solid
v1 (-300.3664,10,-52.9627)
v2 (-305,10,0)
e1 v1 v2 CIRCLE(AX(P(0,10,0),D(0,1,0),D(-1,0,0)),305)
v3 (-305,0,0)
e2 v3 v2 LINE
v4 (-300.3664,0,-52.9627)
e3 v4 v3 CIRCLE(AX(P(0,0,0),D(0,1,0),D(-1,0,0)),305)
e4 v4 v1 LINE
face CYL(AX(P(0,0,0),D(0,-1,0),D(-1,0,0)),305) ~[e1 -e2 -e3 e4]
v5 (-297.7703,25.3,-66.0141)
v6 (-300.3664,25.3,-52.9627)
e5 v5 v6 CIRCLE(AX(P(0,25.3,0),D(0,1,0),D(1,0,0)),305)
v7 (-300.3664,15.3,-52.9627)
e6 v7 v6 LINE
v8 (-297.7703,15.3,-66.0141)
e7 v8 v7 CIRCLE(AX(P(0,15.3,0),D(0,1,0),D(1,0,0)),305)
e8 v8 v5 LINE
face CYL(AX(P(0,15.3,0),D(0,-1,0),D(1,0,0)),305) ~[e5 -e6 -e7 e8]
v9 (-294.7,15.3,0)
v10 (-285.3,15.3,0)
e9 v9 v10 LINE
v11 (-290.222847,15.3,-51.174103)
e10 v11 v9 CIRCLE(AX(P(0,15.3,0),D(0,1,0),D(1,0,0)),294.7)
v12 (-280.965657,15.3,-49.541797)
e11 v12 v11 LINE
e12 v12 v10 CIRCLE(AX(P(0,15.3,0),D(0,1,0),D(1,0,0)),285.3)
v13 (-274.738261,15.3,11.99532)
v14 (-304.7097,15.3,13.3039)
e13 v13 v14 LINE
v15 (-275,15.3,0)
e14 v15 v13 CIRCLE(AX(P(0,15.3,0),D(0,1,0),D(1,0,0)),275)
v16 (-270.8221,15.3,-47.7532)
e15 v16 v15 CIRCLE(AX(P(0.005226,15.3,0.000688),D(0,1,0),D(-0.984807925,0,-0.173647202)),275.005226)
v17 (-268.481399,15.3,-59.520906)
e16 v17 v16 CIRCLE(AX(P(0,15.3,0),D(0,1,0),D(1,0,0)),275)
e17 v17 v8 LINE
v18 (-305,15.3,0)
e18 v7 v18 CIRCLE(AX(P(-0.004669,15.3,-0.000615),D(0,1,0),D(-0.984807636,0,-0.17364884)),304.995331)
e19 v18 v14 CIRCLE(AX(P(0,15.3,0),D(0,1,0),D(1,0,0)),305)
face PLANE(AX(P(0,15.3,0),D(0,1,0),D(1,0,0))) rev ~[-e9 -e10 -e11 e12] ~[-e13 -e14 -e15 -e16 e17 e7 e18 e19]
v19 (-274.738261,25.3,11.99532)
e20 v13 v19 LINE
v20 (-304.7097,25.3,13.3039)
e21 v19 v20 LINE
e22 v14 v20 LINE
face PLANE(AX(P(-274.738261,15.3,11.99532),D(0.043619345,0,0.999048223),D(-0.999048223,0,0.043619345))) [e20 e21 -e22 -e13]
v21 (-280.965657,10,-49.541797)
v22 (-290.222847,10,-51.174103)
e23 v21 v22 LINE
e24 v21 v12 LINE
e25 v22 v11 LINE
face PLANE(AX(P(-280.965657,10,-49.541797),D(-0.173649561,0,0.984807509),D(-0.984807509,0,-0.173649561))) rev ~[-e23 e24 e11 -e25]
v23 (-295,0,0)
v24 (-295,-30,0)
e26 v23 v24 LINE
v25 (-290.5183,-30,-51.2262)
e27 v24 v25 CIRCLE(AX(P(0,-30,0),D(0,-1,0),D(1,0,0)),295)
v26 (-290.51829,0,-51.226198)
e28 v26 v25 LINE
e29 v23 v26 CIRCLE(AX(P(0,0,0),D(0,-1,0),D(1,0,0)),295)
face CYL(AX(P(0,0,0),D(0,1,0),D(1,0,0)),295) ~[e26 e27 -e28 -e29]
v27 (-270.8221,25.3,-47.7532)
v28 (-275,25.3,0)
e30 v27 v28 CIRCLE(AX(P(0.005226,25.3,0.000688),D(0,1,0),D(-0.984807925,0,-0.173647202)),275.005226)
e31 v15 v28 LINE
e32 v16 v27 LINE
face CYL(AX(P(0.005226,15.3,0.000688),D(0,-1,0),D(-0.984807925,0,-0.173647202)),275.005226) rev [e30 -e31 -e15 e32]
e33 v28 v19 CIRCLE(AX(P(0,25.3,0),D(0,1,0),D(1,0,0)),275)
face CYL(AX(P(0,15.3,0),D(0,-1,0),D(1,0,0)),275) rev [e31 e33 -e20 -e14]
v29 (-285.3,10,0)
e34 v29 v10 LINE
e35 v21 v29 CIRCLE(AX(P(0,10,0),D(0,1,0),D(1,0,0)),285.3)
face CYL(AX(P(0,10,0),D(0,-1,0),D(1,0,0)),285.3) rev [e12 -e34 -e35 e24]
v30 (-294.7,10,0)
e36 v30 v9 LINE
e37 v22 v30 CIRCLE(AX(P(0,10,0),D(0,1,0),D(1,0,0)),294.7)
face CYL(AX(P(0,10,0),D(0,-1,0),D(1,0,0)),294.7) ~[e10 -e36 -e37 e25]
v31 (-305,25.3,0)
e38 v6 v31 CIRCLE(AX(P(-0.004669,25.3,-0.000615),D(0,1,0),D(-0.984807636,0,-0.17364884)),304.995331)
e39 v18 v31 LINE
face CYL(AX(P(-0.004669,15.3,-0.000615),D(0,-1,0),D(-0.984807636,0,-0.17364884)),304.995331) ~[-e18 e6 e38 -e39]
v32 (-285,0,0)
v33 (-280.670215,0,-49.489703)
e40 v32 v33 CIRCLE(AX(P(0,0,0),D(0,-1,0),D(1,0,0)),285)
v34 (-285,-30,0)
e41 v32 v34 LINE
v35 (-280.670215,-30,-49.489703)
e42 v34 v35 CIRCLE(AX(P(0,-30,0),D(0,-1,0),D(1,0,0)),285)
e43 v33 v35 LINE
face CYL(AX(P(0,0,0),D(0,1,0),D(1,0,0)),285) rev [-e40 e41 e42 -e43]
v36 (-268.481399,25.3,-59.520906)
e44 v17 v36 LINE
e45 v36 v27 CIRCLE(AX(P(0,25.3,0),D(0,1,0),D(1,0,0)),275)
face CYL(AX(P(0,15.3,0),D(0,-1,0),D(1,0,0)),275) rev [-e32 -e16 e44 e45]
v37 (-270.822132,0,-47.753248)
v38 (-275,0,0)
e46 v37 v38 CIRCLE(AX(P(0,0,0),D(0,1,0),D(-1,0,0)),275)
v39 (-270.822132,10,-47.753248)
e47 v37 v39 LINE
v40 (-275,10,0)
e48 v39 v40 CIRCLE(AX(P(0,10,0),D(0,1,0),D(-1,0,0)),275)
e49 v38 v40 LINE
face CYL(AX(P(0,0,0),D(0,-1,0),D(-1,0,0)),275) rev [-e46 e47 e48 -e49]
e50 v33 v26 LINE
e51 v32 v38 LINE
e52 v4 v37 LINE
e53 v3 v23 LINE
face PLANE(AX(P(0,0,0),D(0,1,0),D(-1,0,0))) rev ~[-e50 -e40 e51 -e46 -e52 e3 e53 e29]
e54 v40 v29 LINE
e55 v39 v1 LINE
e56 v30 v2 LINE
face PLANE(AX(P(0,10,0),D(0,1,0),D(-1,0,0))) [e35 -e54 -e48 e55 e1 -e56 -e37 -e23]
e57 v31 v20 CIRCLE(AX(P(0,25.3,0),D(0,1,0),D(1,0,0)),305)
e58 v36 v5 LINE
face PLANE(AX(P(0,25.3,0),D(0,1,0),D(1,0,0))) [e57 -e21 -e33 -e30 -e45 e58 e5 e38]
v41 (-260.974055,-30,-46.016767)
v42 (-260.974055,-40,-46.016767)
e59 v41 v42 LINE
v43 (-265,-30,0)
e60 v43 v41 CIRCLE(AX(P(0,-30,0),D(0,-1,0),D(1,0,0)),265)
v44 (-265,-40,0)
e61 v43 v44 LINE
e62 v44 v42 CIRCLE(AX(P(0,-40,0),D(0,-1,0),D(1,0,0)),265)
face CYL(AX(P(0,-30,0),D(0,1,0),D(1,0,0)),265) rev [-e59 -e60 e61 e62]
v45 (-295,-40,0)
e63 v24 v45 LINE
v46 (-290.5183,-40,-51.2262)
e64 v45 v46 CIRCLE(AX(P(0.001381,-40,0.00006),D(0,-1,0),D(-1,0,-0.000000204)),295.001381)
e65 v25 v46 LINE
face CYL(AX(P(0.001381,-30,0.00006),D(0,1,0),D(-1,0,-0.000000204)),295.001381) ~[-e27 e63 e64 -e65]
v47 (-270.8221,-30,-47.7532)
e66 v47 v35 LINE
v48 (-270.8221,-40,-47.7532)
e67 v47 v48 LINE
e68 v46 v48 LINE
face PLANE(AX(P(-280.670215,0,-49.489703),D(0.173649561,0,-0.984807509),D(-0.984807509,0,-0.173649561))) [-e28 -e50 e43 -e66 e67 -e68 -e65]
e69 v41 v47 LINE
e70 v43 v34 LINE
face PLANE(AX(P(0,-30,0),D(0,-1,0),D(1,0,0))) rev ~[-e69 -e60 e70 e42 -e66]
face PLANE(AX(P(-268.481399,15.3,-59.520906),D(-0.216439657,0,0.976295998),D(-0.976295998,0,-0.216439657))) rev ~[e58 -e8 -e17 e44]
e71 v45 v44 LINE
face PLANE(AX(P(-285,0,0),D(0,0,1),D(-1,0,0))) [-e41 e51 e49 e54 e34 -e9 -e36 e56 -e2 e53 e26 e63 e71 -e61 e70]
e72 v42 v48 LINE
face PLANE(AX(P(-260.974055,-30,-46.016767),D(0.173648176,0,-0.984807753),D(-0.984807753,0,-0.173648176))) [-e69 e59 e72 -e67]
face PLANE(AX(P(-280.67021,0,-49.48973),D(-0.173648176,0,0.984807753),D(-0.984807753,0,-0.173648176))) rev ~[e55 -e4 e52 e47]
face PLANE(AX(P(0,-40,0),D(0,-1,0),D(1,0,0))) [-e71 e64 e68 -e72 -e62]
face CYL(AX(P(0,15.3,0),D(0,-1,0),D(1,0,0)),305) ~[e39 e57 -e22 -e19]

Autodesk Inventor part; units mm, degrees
ref_plane "YZ Plane" through (0, 0, 0) normal (1, 0, 0) x (0, 1, 0)
ref_plane "XZ Plane" through (0, 0, 0) normal (0, 1, 0) x (-1, 0, 0)
ref_plane "XY Plane" through (0, 0, 0) normal (0, 0, 1) x (1, 0, 0)
sketch "Sketch1" plane through (0, 0, 0) normal (0, 1, 0) x (-1, 0, 0)
  circle A0 centre (0, 0) radius 285
  circle A1 centre (0, 0) radius 295
  circle A2 centre (0, 0) radius 275
  circle A3 centre (0, 0) radius 305
  line L0 (0, 0) -> (300.3664, -52.9627)
  line L1 (0, 0) -> (305, 0)
  point P0 (275, 0)
  point P1 (270.8221, -47.7532)
  dimension "d1" = 590
  dimension "d5" = 10
  dimension "d6" = 10
  dimension "d7" = 10
  dimension "d8" = 10
extrude "Extrusion1" add sketch "Sketch1" along normal blind 10 contours L1 A1 L0 A0 | A0 L0 A2 L1 | L1 A3 L0 A1 picked at (291.5003, -5.7176) picked at (281.3509, -10.8537) picked at (297.9408, -46.5324)
sketch "Sketch2" plane through (0, 10, 0) normal (0, 1, 0) x (1, 0, 0)
  arc A0 (-270.8221, 47.7532) -> (-275, 0) centre (0, 0) ccw projected
  line L0 (-270.8221, 47.7532) -> (-300.3664, 52.9627) projected
  arc A1 (-300.3664, 52.9627) -> (-305, 0) centre (0, 0) ccw projected
  line L1 (-305, 0) -> (-275, 0) projected
  circle A2 centre (0, 0) radius 295
  circle A3 centre (0, 0) radius 285
  circle A4 centre (0, 0) radius 294.7
  circle A5 centre (0, 0) radius 285.3
  point P0 (-285, 0)
  point P1 (-280.6702, 49.4897)
  point P2 (-290.5183, 51.2262)
  point P3 (-295, 0)
  point P4 (-285.3, 0)
  point P5 (-280.9657, 49.5418)
  point P6 (-290.2228, 51.1741)
  point P7 (-294.7, 0)
  dimension "d11" = 10
  dimension "d12" = 590
  dimension "d26" = 0.3
  dimension "d27" = 0.3
extrude "Extrusion2" add sketch "Sketch2" along normal blind 5.3 contours A5 L1 A4 L0 picked at (-291.2396, 11.2413)
sketch "Sketch3" plane through (0, 15.3, 0) normal (0, 1, 0) x (1, 0, 0)
  line L0 (-290.2228, 51.1741) -> (-300.3664, 52.9627) projected
  arc A0 (-300.3664, 52.9627) -> (-305, 0) centre (0, 0) ccw projected
  line L1 (-305, 0) -> (-294.7, 0) projected
  line L2 (-280.9657, 49.5418) -> (-290.2228, 51.1741) projected
  line L3 (-294.7, 0) -> (-285.3, 0) projected
  line L4 (-285.3, 0) -> (-275, 0) projected
  arc A1 (-270.8221, 47.7532) -> (-275, 0) centre (0, 0) ccw projected
  line L5 (-270.8221, 47.7532) -> (-280.9657, 49.5418) projected
  circle A2 centre (0, 0) radius 305
  circle A3 centre (0, 0) radius 275
  line L6 (0, 0) -> (-304.7097, -13.3039)
  line L7 (0, 0) -> (-297.7703, 66.0141)
  arc A4 (-300.3664, 52.9627) -> (-305, 0) centre (0, 0) ccw projected
  arc A5 (-270.8221, 47.7532) -> (-275, 0) centre (0, 0) ccw projected
  line L8 (-290.2228, 51.1741) -> (-300.3664, 52.9627) projected
  line L9 (-305, 0) -> (-294.7, 0) projected
  line L10 (-285.3, 0) -> (-275, 0) projected
  line L11 (-270.8221, 47.7532) -> (-280.9657, 49.5418) projected
  arc A6 (-290.2228, 51.1741) -> (-294.7, 0) centre (0, 0) ccw projected
  arc A7 (-280.9657, 49.5418) -> (-285.3, 0) centre (0, 0) ccw projected
  arc A8 (-290.2228, 51.1741) -> (-294.7, 0) centre (0, 0) ccw projected
  arc A9 (-280.9657, 49.5418) -> (-285.3, 0) centre (0, 0) ccw projected
  arc A10 (-290.2228, 51.1741) -> (-294.7, 0) centre (0, 0) ccw projected
  arc A11 (-280.9657, 49.5418) -> (-285.3, 0) centre (0, 0) ccw projected
  point P0 (-270.8221, 47.7532)
  point P1 (-268.4814, 59.5209)
  point P2 (-305, 0)
  point P3 (-274.7383, -11.9953)
  point P4 (-305, 0)
  point P5 (-300.3664, 52.9627)
  point P6 (-305, 0)
  point P7 (-270.8221, 47.7532)
  dimension "d23" = 2.5
  dimension "d28" = 2.5
extrude "Extrusion3" add sketch "Sketch3" along normal blind 10 contours A6 L1 A0 L0 | L0 A2 L7 A3 L5 L2 | L2 A7 L3 A6 | L5 A1 L4 A7 | L3 L4 A3 L6 A2 L1
sketch "Sketch4" plane through (0, 0, 0) normal (0, -1, 0) x (1, 0, 0)
  arc A0 (-275, 0) -> (-270.8221, -47.7532) centre (0, 0) ccw projected
  line L0 (-305, 0) -> (-275, 0) projected
  arc A1 (-305, 0) -> (-300.3664, -52.9627) centre (0, 0) ccw projected
  line L1 (-270.8221, -47.7532) -> (-300.3664, -52.9627) projected
  circle A2 centre (0, 0) radius 285
  circle A3 centre (0, 0) radius 295
  point P0 (-295, 0)
  point P1 (-290.5183, -51.2262)
  point P2 (-280.6702, -49.4897)
  point P3 (-285, 0)
  dimension "d17" = 10
  dimension "d18" = 590
extrude "Extrusion4" add sketch "Sketch4" along normal blind 30 contours A2 L1 A3 L0 picked at (-291.3396, -11.2413)
sketch "Sketch5" plane through (0, -30, 0) normal (0, -1, 0) x (1, 0, 0)
  arc A0 (-295, 0) -> (-290.5183, -51.2262) centre (0, 0) ccw projected
  line L0 (-290.5183, -51.2262) -> (-280.6702, -49.4897) projected
  arc A1 (-285, 0) -> (-280.6702, -49.4897) centre (0, 0) ccw projected
  line L1 (-285, 0) -> (-295, 0) projected
  arc A2 (-295, 0) -> (-290.5183, -51.2262) centre (0, 0) ccw projected
  line L2 (-305, 0) -> (-295, 0) projected
  arc A3 (-305, 0) -> (-300.3664, -52.9627) centre (0, 0) ccw projected
  line L3 (-290.5183, -51.2262) -> (-300.3664, -52.9627) projected
  line L4 (-270.8221, -47.7532) -> (-280.6702, -49.4897) projected
  arc A4 (-275, 0) -> (-270.8221, -47.7532) centre (0, 0) ccw projected
  line L5 (-285, 0) -> (-275, 0) projected
  arc A5 (-305, 0) -> (-300.3664, -52.9627) centre (0, 0) ccw projected
  arc A6 (-275, 0) -> (-270.8221, -47.7532) centre (0, 0) ccw projected
  arc A7 (-285, 0) -> (-280.6702, -49.4897) centre (0, 0) ccw projected
  arc A8 (-295, 0) -> (-290.5183, -51.2262) centre (0, 0) ccw projected
  line L6 (-305, 0) -> (-295, 0) projected
  line L7 (-290.5183, -51.2262) -> (-300.3664, -52.9627) projected
  arc A9 (-285, 0) -> (-280.6702, -49.4897) centre (0, 0) ccw projected
  line L8 (-270.8221, -47.7532) -> (-280.6702, -49.4897) projected
  line L9 (-285, 0) -> (-275, 0) projected
  arc A10 (-295, 0) -> (-290.5183, -51.2262) centre (0, 0) ccw projected
  circle A11 centre (0, 0) radius 265
  line L10 (0, 0) -> (-305, 0)
  line L11 (0, 0) -> (-300.3664, -52.9627)
  point P0 (-290.5183, -51.2262)
  point P1 (-260.9741, -46.0168)
  point P2 (-265, 0)
  dimension "d25" = 30
extrude "Extrusion5" add sketch "Sketch5" along normal blind 10 contours L1 A1 L0 A0 | L5 A4 L4 A1 | L10 A11 L11 A4
equation "\"d27\" = d26"
equation "\"d28\" = d23"
properties part number "Moving Caoursel base Clip" material "PLA Plastic"
